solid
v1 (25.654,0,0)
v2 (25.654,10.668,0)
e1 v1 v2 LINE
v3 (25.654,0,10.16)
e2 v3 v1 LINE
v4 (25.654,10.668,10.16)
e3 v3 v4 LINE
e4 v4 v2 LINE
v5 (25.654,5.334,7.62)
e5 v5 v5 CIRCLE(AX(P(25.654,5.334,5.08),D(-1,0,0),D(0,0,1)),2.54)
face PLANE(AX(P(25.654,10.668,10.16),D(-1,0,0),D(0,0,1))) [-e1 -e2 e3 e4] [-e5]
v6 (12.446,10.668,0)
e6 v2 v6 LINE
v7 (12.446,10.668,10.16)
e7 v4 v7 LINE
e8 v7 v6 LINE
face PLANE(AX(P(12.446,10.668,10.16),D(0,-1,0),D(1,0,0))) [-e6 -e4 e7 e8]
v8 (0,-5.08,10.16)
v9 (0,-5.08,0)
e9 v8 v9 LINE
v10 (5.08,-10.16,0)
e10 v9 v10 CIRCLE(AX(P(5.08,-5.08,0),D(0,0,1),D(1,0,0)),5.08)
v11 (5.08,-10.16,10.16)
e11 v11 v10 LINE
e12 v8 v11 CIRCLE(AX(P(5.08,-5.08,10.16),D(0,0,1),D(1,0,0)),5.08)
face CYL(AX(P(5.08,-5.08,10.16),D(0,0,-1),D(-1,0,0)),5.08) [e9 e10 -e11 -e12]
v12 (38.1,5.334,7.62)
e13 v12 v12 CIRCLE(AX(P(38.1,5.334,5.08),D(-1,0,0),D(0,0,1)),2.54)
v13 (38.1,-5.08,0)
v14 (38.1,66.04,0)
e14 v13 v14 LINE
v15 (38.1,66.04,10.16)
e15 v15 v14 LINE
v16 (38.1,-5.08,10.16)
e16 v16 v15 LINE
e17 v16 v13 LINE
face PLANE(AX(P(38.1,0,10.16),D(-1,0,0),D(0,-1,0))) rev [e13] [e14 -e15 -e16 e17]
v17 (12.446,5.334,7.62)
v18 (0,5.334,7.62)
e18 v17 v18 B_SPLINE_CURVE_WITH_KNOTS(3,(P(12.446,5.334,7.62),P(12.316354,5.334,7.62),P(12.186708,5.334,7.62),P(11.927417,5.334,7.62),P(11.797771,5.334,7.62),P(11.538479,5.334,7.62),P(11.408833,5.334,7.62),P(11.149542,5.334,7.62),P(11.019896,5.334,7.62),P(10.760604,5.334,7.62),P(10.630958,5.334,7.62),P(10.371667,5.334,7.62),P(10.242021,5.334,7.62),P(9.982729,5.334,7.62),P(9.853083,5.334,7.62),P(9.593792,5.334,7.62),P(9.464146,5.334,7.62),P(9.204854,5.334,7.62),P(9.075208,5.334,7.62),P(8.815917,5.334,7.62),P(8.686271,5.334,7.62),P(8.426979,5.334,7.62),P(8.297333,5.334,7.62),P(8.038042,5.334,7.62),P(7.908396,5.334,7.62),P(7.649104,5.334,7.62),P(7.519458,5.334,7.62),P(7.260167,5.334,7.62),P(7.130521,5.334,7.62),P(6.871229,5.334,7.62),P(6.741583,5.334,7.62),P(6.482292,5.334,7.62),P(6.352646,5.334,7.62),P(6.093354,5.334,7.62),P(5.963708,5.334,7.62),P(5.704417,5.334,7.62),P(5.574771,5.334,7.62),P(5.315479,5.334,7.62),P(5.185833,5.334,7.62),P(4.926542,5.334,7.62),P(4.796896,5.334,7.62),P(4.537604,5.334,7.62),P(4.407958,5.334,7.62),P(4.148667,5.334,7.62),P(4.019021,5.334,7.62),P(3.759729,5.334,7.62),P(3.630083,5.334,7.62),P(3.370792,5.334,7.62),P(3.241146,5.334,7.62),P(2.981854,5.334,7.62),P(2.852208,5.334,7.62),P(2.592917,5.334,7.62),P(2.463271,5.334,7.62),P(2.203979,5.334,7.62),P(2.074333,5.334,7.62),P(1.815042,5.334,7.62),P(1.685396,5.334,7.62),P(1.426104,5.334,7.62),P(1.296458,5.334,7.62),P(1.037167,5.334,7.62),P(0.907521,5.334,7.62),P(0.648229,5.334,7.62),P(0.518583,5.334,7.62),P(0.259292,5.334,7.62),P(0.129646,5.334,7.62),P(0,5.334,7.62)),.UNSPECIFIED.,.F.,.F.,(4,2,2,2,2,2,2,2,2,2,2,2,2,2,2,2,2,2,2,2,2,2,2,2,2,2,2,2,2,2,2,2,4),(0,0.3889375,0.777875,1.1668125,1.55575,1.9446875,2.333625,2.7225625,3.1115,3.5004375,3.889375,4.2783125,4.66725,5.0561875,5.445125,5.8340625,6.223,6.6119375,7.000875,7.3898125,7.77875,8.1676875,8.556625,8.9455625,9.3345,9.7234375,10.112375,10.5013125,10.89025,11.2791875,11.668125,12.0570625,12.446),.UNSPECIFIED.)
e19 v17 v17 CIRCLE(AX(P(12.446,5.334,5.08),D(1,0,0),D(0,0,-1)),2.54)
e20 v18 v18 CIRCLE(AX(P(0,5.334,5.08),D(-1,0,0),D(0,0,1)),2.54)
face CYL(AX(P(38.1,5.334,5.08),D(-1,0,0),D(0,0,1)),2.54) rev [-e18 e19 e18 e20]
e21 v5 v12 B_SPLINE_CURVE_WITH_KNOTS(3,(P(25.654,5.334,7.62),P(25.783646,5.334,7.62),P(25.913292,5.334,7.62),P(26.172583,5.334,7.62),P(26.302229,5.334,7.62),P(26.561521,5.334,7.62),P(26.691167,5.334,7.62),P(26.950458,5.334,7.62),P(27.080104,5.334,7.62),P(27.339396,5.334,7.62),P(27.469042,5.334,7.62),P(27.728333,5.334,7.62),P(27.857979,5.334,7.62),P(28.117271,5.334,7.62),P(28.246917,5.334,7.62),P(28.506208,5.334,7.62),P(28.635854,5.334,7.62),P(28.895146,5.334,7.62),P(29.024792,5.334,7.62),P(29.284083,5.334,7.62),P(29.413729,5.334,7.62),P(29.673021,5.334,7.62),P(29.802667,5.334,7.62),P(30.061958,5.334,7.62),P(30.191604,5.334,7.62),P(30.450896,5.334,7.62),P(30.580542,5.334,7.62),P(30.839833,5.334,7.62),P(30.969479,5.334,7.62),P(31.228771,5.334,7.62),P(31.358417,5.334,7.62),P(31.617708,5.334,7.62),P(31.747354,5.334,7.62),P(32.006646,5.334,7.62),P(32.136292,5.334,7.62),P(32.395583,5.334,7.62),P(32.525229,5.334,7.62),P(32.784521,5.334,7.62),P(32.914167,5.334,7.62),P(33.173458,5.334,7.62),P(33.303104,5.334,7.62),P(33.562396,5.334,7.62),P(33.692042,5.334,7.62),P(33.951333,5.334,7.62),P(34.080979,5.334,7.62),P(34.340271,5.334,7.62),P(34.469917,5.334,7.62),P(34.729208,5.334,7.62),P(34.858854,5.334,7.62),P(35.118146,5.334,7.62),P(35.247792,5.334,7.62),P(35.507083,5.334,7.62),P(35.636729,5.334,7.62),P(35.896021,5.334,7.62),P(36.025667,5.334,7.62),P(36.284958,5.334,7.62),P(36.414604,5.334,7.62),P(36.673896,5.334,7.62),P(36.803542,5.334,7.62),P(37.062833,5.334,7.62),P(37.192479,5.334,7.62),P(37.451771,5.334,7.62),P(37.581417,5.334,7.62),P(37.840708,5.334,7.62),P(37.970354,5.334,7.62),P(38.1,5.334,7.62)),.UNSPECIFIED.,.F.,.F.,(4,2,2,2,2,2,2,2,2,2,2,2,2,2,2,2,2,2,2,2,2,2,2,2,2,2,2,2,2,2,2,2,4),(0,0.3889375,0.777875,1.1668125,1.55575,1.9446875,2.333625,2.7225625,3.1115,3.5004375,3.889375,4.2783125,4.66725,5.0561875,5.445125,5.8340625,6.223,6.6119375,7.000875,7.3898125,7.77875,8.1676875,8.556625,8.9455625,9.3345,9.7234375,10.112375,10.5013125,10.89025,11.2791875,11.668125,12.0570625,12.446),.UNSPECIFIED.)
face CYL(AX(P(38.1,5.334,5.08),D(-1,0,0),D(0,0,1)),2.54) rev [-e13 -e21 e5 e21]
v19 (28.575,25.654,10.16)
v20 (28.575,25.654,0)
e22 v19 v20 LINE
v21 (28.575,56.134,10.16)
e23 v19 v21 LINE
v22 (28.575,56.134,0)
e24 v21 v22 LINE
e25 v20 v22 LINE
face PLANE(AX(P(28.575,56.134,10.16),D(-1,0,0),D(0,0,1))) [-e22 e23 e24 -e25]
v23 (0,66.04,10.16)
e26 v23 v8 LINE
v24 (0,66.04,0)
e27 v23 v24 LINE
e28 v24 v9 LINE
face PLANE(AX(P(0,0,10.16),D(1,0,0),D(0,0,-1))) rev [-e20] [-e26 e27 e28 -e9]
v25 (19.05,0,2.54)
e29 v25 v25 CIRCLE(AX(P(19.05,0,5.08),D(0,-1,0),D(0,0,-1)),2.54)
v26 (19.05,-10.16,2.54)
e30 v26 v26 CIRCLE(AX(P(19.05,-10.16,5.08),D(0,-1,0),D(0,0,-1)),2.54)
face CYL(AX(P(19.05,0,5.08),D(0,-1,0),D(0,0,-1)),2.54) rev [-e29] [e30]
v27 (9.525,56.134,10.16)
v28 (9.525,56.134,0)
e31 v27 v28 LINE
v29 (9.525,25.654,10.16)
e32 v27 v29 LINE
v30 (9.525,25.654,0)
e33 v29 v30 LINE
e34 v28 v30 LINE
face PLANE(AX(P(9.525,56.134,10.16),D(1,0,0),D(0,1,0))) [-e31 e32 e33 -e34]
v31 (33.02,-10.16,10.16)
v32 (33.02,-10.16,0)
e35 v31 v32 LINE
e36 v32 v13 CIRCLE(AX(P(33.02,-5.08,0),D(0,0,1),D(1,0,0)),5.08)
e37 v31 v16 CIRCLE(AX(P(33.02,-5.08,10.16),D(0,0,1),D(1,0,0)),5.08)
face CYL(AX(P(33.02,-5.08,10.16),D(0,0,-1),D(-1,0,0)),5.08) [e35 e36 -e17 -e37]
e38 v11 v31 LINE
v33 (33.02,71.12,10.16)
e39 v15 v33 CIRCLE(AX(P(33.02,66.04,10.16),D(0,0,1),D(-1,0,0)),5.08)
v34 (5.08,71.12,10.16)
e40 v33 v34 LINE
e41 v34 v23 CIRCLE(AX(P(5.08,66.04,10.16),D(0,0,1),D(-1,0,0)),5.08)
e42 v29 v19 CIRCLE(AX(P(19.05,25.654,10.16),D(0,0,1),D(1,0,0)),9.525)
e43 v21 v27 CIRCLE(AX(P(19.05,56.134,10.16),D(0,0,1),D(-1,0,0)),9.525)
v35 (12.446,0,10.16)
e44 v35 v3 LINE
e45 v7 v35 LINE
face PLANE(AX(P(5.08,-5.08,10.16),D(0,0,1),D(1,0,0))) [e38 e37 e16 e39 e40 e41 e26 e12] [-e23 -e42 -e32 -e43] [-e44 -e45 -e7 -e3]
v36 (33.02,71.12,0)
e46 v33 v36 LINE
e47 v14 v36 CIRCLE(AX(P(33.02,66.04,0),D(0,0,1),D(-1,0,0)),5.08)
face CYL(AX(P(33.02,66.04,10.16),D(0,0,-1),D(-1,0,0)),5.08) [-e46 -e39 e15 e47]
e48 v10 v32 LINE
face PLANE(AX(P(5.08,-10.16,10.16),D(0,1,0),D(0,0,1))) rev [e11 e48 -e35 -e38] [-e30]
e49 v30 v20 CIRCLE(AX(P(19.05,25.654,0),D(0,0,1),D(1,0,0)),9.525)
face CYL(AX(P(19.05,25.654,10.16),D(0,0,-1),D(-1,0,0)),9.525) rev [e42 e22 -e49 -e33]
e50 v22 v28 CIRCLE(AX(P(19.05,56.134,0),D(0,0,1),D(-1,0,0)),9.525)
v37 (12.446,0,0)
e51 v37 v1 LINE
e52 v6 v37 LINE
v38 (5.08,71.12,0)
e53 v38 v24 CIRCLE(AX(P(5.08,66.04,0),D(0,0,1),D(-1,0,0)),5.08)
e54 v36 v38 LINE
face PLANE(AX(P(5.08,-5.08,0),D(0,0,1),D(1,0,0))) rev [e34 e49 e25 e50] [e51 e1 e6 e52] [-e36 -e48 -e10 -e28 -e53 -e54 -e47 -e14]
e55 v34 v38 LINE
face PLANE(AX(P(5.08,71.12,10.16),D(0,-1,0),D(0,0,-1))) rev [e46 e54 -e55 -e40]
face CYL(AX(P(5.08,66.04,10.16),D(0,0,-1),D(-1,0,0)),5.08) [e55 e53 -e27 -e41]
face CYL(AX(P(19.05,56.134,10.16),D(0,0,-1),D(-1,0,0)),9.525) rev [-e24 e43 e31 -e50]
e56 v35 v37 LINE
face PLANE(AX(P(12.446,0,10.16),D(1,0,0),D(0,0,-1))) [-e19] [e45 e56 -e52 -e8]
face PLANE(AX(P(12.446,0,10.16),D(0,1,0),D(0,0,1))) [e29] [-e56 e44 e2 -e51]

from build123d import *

# Parameters (mm, degrees)
SKETCH1_W           = 13.208
SKETCH1_H           = 10.668
BOSS_EXTRUDE2_DEPTH = 10.16
SKETCH4_R           = 2.54
CUT_EXTRUDE1_DEPTH  = 38.1
SKETCH6_R           = 2.54
CUT_EXTRUDE2_DEPTH  = 10.16


with BuildPart() as part:
    # Sketch1 → Boss-Extrude2 (new body)
    with BuildSketch(Plane.XY):
        with BuildLine():
            Line((0, 0), (0, 66.04))
            ThreePointArc((0, 66.04), (1.487897552, 69.632102448), (5.08, 71.12))
            Line((5.08, 71.12), (33.02, 71.12))
            ThreePointArc((33.02, 71.12), (36.612102448, 69.632102448), (38.1, 66.04))
            Line((38.1, 66.04), (38.1, 0))
            Line((38.1, 0), (38.1, -5.08))
            ThreePointArc((38.1, -5.08), (36.612102448, -8.672102448), (33.02, -10.16))
            Line((33.02, -10.16), (5.08, -10.16))
            ThreePointArc((5.08, -10.16), (1.487897552, -8.672102448), (0, -5.08))
            Line((0, -5.08), (0, 0))
        make_face()
        with Locations((19.05, 5.334)):
            Rectangle(SKETCH1_W, SKETCH1_H, mode=Mode.SUBTRACT)
        with BuildLine():
            Line((9.525, 56.134), (9.525, 25.654))
            ThreePointArc((9.525, 25.654), (19.05, 16.129), (28.575, 25.654))
            Line((28.575, 25.654), (28.575, 56.134))
            ThreePointArc((28.575, 56.134), (19.05, 65.659), (9.525, 56.134))
        make_face(mode=Mode.SUBTRACT)
    extrude(amount=BOSS_EXTRUDE2_DEPTH)

    # Sketch4 → Cut-Extrude1 (cut)
    with BuildSketch(Plane.ZY):
        with Locations((5.08, 5.334)):
            Circle(SKETCH4_R)
    extrude(amount=-CUT_EXTRUDE1_DEPTH, mode=Mode.SUBTRACT)

    # Sketch6 → Cut-Extrude2 (cut)
    with BuildSketch(Plane.XZ.offset(10.16)):
        with Locations(Location((19.05, 5.08, 0), (0, 0, 270))):
            Circle(SKETCH6_R)
    extrude(amount=-CUT_EXTRUDE2_DEPTH, mode=Mode.SUBTRACT)


solid = part.part
